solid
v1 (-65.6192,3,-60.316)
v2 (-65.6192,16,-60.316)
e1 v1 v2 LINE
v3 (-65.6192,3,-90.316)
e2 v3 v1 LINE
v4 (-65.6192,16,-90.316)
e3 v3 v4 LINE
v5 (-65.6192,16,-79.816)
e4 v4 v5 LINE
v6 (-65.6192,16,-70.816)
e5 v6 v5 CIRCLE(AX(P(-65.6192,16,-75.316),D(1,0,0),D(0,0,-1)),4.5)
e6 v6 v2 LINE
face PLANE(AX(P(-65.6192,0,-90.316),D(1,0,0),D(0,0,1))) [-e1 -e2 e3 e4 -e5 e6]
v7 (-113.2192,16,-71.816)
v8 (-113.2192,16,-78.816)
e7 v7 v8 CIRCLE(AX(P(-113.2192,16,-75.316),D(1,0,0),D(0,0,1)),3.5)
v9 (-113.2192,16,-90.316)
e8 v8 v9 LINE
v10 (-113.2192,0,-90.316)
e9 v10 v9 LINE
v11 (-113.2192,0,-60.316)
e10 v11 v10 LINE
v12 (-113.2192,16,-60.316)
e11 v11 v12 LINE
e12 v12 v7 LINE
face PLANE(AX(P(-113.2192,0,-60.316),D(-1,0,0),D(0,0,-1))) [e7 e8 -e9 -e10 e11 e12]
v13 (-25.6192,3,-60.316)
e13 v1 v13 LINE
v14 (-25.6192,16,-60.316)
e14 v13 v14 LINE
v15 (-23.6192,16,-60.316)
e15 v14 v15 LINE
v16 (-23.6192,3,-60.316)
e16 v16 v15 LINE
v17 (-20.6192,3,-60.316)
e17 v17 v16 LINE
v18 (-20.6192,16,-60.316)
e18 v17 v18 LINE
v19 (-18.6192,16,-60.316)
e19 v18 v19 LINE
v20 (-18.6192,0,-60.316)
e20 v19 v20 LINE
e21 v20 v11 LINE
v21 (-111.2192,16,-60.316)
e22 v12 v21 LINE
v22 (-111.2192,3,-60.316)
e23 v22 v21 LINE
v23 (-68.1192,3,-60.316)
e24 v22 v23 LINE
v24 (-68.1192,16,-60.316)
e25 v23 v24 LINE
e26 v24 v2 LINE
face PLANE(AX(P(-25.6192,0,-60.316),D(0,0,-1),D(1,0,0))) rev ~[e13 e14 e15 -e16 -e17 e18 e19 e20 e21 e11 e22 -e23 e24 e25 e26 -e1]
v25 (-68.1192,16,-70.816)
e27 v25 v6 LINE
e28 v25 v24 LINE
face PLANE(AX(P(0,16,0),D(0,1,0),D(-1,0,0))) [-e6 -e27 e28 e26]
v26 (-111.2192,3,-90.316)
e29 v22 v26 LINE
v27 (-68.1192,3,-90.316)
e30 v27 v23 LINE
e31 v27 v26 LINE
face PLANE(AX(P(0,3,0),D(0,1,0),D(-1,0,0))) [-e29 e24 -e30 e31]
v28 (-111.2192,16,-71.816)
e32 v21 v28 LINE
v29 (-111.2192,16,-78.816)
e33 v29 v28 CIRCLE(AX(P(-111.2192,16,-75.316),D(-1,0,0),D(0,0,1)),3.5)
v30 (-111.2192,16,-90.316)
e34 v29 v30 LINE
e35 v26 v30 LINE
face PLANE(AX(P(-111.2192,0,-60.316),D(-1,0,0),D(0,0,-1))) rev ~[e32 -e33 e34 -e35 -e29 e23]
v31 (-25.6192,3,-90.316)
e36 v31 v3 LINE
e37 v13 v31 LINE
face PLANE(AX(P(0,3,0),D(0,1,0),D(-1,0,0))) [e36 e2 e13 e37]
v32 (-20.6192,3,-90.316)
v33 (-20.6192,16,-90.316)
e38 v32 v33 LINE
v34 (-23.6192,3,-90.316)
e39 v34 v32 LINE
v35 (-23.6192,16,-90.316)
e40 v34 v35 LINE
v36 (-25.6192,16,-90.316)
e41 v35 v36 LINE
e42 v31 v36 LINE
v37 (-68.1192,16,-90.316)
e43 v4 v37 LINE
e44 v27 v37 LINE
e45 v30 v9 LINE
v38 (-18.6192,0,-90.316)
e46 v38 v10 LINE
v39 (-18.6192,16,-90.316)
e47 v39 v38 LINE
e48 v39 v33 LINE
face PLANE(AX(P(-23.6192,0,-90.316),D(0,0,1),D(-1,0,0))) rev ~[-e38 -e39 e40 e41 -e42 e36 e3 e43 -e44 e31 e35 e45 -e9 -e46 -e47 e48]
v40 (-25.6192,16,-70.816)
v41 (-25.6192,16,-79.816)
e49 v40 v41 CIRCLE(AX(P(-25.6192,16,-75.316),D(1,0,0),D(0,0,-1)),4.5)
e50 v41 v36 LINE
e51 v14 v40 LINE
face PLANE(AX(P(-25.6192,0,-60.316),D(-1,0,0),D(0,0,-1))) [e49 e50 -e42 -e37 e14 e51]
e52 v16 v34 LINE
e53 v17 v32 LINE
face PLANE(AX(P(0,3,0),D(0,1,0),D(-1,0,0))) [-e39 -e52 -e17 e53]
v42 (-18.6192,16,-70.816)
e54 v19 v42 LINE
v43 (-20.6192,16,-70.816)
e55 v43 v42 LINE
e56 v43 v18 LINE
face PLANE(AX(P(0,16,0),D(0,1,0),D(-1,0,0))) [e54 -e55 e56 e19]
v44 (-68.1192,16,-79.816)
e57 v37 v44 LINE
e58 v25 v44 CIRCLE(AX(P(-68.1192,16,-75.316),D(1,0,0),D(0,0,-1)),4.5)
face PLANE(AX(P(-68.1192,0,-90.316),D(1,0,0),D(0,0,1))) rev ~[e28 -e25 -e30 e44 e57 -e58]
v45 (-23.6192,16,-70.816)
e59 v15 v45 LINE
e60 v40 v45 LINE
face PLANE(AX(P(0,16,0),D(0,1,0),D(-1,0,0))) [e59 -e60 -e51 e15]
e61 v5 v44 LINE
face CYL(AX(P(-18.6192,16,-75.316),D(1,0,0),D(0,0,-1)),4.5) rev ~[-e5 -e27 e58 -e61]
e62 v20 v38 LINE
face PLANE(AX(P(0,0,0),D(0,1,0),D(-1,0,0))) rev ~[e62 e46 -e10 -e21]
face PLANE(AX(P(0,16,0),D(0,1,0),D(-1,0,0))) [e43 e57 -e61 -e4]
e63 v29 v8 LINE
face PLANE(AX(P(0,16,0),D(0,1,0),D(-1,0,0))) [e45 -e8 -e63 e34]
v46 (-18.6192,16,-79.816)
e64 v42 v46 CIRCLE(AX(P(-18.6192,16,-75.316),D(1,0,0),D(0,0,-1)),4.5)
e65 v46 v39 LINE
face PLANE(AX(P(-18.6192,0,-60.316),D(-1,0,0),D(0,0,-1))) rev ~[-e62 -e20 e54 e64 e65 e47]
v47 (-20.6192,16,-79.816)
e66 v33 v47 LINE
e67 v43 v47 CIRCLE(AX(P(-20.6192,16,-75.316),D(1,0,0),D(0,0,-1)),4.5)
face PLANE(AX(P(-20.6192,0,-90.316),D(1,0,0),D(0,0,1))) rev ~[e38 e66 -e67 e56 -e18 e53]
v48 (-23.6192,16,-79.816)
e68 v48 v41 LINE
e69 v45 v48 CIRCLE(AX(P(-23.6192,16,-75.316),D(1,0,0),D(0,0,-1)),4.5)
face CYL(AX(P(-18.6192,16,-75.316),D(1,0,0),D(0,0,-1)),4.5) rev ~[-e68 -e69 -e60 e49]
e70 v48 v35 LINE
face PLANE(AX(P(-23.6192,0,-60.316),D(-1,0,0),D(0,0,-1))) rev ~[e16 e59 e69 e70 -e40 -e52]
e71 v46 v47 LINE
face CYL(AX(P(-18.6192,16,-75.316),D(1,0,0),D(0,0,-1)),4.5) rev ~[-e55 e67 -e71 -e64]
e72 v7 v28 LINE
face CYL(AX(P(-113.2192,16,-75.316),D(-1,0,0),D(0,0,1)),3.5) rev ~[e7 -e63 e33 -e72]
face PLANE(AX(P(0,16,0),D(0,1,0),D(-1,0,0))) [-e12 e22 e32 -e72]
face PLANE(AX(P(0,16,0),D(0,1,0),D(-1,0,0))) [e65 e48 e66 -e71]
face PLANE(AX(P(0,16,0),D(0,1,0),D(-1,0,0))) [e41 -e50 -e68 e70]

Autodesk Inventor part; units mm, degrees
ref_plane "YZ Plane" through (0, 0, 0) normal (1, 0, 0) x (0, 1, 0)
ref_plane "XZ Plane" through (0, 0, 0) normal (0, 1, 0) x (-1, 0, 0)
ref_plane "XY Plane" through (0, 0, 0) normal (0, 0, 1) x (1, 0, 0)
sketch "Sketch1" plane through (0, 0, 0) normal (0, 1, 0) x (-1, 0, 0)
  line L0 (115.6192, -60.316) -> (18.6192, -60.316)
  line L1 (18.6192, -60.316) -> (18.6192, -90.316)
  line L2 (18.6192, -90.316) -> (115.6192, -90.316)
  line L3 (115.6192, -90.316) -> (115.6192, -60.316)
  line L4 (115.6192, -60.316) -> (18.6192, -90.316) construction
  line L5 (18.6192, -60.316) -> (115.6192, -90.316) construction
  line L6 (113.2192, -60.316) -> (113.2192, -90.316)
  line L7 (111.2192, -60.316) -> (111.2192, -90.316)
  line L8 (25.6192, -60.316) -> (25.6192, -90.316)
  line L9 (23.6192, -60.316) -> (23.6192, -90.316)
  line L10 (65.6192, -90.316) -> (65.6192, -60.316)
  line L11 (68.1192, -90.316) -> (68.1192, -60.316)
  line L12 (20.6192, -90.316) -> (20.6192, -60.316)
  point P0 (0, 0)
  point P1 (67.1192, -75.316)
  dimension "d0" = 97
  dimension "d1" = 30
  dimension "d2" = 2.4
  dimension "d3" = 2
  dimension "d4" = 5
  dimension "d5" = 2
  dimension "d24" = 47
  dimension "d25" = 2.5
  dimension "d28" = 2
  dimension "d29" = 3
extrude "Extrusion1" add sketch "Sketch1" along normal blind 3 contours L7 L2 L11 L0 | L10 L2 L8 L0 | L9 L2 L12 L0
extrude "Extrusion2" add sketch "Sketch1" along normal blind 16 contours L6 L2 L7 L0
extrude "Extrusion8" add sketch "Sketch1" along normal blind 16 contours L11 L2 L10 L0
extrude "Extrusion4" add sketch "Sketch1" along normal blind 16 contours L8 L2 L9 L0
extrude "Extrusion5" add sketch "Sketch1" along normal blind 3 contours L9 L2 L12 L0 | L12 L2 L1 L0
extrude "Extrusion9" add sketch "Sketch1" along normal blind 16 contours L12 L2 L1 L0
sketch "Sketch2" plane through (-18.6192, 16, -60.316) normal (1, 0, 0) x (0, 0, -1)
  line L0 (30, -13) -> (0, -13) construction
  line L1 (30, -13) -> (30, 0) construction
  line L2 (0, 0) -> (30, 0) construction
  line L3 (0, -13) -> (0, 0) construction
  line L4 (0, 0) -> (30, 0) construction
  line L5 (15, 0) -> (15, -13) construction
  line L6 (30, -13) -> (0, -13) construction
  circle A0 centre (15, 0) radius 4.5
  point P0 (-60.316, -16)
  dimension "d18" = 9
extrude "Extrusion6" cut sketch "Sketch2" against normal up to surface (49.5 mm away)
sketch "Sketch3" plane through (-113.2192, 16, -90.316) normal (-1, 0, 0) x (0, 0, 1)
  line L0 (30, 0) -> (0, 0) projected
  circle A0 centre (15, 0) radius 3.5
  point P0 (90.316, -16)
  dimension "d19" = 7
extrude "Extrusion7" cut sketch "Sketch3" against normal up to surface (2 mm away)
properties part number "Hamilton 10 micL syringe holder_3DPrint"
